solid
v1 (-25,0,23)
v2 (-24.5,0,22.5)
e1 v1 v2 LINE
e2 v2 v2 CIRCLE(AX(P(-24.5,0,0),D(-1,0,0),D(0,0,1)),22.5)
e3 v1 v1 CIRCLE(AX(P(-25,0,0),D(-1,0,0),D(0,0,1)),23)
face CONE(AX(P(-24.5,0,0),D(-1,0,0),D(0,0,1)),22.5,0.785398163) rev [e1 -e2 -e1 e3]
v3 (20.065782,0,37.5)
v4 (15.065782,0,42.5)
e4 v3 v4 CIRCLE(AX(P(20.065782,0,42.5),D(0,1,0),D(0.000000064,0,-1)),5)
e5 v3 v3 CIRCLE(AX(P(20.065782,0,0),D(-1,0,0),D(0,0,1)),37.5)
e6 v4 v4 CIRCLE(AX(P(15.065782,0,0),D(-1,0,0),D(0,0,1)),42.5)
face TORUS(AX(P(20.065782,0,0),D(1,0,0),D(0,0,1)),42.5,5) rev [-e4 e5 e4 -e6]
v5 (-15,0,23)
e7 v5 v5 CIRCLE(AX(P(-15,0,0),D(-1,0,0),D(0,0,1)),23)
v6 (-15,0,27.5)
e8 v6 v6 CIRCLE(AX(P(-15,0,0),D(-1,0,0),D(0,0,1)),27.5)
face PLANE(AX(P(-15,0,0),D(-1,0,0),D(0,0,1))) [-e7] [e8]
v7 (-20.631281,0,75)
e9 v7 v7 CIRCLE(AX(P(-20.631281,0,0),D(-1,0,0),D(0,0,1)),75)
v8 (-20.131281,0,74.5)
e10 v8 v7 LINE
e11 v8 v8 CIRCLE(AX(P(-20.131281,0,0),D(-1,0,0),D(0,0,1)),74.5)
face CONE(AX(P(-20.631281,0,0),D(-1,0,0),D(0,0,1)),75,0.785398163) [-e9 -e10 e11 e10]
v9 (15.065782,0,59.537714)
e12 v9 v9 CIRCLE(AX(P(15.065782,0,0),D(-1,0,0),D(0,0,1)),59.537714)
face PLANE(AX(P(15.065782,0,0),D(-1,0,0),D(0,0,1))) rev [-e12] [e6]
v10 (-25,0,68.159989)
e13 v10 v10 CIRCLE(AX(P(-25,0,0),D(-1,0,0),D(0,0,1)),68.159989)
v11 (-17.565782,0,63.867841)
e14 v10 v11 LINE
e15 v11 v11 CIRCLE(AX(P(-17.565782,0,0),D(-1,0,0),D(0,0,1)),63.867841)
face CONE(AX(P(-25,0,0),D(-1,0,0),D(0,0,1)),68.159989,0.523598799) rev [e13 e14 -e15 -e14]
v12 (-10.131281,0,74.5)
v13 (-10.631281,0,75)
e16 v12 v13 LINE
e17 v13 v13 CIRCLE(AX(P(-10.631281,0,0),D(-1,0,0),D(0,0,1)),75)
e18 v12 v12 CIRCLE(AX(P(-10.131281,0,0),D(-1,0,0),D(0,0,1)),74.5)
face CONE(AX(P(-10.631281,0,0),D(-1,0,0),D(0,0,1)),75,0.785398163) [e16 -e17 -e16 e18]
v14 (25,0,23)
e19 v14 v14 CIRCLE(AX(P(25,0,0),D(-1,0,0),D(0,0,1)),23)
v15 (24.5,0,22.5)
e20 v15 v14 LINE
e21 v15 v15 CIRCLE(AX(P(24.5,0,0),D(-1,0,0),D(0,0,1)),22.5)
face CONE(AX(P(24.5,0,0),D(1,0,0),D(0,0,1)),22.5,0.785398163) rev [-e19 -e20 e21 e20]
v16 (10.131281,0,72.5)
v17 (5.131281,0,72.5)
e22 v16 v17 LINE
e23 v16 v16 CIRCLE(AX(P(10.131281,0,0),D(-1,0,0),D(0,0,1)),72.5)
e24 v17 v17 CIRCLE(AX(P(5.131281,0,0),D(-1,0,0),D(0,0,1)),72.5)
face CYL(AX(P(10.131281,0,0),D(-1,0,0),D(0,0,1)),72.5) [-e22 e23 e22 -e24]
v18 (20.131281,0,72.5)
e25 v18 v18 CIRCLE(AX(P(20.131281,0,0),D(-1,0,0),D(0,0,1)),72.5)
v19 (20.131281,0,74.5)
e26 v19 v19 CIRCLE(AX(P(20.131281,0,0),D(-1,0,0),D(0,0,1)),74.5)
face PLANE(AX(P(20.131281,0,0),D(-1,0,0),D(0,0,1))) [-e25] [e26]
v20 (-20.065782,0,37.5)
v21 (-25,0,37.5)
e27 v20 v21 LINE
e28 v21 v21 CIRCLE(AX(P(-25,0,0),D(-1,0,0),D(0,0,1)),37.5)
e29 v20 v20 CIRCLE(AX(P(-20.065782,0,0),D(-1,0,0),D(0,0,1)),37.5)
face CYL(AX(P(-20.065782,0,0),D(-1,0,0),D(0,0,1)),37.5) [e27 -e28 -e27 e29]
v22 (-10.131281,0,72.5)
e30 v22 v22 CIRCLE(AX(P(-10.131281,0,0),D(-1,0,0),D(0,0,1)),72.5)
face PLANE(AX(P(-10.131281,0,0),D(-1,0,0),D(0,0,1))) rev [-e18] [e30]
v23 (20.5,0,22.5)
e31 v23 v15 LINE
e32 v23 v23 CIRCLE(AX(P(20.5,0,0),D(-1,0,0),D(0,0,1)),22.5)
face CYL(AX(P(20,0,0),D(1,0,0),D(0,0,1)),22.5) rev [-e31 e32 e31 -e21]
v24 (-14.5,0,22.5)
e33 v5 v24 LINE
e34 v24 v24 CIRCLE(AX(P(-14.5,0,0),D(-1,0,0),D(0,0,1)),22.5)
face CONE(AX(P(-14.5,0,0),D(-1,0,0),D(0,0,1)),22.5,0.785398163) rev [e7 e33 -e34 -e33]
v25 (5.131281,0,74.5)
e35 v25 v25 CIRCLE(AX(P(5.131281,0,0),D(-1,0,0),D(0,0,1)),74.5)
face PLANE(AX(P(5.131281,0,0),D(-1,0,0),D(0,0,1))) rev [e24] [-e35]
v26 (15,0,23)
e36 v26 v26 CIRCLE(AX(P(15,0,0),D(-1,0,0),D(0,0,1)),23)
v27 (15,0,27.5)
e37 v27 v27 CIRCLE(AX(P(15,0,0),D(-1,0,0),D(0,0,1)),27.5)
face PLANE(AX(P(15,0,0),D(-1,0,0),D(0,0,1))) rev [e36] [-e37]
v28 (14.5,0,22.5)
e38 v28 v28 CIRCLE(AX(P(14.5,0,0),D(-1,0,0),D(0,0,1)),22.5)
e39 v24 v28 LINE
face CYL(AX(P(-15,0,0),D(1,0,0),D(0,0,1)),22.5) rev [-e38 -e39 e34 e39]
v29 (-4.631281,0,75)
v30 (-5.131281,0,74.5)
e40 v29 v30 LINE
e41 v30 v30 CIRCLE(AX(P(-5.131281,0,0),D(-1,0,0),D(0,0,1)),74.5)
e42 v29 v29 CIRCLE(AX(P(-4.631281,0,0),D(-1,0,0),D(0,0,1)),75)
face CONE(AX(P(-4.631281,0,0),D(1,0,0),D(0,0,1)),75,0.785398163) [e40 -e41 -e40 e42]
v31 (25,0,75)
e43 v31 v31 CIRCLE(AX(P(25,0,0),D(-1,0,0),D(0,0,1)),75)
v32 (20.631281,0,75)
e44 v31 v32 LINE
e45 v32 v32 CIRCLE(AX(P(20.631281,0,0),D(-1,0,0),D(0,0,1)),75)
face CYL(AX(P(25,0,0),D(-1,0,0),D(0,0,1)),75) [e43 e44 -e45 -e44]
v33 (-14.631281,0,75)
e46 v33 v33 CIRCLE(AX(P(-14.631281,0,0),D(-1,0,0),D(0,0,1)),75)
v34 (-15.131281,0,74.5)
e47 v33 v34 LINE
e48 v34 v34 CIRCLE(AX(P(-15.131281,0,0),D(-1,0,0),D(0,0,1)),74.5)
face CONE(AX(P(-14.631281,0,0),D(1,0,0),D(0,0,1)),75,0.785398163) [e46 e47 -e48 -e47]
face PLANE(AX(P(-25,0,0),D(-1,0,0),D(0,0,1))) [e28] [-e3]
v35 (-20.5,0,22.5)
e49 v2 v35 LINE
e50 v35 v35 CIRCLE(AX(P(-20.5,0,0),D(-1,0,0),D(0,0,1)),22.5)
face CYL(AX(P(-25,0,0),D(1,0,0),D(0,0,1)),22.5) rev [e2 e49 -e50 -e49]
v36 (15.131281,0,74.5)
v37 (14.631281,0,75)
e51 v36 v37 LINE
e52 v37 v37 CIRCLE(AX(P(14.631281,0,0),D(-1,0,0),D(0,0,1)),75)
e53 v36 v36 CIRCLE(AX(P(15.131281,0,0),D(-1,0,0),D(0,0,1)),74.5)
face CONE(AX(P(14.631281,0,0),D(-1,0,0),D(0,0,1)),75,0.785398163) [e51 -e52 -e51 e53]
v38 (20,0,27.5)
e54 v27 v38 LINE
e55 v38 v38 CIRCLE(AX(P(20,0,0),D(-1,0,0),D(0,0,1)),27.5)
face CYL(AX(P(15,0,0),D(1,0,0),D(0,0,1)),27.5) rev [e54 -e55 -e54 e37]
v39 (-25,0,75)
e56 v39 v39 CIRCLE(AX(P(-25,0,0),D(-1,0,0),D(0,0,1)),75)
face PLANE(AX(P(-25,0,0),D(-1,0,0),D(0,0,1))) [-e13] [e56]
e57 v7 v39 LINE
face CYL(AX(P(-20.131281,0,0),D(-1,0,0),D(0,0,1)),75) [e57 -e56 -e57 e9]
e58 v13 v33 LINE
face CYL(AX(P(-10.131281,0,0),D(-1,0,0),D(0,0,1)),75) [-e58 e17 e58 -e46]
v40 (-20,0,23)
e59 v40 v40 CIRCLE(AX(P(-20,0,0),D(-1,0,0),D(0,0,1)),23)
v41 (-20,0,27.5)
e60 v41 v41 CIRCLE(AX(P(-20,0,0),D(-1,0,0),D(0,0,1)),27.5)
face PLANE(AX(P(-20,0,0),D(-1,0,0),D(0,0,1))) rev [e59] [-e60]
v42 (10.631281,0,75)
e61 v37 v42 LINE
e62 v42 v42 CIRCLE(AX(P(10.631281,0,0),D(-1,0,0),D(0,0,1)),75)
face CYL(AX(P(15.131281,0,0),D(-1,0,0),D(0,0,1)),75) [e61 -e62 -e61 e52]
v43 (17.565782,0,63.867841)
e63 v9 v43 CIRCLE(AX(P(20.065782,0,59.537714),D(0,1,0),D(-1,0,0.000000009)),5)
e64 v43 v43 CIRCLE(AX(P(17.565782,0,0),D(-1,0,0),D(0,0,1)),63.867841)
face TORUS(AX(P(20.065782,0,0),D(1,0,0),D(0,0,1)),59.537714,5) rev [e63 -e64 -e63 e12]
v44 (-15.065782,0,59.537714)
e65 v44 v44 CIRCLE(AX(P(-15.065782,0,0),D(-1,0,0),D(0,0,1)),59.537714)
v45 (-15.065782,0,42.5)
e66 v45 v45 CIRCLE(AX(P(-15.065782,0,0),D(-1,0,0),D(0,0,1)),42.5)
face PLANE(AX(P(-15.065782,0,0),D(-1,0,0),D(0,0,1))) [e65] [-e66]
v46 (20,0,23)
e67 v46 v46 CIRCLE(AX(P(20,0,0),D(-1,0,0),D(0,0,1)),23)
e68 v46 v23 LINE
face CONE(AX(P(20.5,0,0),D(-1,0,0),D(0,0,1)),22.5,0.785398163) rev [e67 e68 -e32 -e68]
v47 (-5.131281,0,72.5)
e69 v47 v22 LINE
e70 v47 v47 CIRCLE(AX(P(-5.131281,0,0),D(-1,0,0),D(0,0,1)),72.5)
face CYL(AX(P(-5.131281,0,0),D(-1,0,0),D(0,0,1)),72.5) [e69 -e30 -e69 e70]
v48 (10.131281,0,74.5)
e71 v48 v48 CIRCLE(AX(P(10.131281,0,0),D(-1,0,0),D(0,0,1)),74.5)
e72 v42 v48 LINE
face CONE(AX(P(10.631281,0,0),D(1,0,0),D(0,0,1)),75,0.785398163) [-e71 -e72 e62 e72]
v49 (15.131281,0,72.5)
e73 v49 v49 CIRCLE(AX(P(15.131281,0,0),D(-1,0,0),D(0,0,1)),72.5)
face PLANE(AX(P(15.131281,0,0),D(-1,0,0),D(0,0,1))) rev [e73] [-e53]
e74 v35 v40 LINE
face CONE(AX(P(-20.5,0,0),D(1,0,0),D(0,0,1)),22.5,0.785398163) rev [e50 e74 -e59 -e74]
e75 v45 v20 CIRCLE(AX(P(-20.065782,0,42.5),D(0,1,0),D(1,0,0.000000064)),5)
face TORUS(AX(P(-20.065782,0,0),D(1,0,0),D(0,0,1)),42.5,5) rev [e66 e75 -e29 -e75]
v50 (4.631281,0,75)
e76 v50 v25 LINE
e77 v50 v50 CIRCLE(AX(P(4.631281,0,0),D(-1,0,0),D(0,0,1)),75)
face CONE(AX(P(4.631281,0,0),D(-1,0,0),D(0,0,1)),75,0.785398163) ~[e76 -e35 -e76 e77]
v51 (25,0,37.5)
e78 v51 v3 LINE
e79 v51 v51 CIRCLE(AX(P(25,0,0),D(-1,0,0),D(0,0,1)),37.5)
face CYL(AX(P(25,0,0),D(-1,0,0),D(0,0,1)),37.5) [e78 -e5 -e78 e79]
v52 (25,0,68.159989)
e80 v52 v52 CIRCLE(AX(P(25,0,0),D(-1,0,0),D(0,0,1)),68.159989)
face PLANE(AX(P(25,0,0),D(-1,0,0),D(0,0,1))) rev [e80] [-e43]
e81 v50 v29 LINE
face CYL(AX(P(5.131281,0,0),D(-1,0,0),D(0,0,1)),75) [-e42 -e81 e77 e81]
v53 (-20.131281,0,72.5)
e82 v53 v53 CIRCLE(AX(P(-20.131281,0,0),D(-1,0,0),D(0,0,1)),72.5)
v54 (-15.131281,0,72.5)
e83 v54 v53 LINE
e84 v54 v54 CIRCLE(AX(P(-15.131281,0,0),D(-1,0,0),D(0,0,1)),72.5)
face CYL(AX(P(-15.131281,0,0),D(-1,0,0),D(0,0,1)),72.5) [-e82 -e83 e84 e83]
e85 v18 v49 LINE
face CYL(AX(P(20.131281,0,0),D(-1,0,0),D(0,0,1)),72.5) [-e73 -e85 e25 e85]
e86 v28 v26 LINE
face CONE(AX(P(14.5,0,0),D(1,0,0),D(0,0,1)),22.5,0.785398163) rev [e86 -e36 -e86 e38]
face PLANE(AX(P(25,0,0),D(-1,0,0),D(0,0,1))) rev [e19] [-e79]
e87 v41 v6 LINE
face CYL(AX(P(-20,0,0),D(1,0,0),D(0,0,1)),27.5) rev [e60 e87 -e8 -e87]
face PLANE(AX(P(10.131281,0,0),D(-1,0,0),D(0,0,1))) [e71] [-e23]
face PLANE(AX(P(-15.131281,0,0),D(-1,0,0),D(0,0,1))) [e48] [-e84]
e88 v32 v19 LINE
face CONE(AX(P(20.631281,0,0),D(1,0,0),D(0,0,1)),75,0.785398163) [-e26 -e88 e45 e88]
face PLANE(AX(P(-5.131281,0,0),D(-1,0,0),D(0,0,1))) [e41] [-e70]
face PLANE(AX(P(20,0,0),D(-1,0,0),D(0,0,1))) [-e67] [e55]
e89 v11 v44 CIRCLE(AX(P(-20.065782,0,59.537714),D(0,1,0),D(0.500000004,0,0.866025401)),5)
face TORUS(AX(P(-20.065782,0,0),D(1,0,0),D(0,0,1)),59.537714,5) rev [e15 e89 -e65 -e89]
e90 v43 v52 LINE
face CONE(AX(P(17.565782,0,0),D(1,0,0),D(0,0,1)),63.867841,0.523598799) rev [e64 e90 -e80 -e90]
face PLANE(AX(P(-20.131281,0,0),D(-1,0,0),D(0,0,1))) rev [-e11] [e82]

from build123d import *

# Parameters (mm, degrees)
F2_SIZE = 0.5


with BuildPart() as f1:
    # F0 (on Front) → F1 (revolve)
    with BuildSketch(Plane.XZ):
        with BuildLine():
            Line((5.131281, 75), (0, 75))
            Line((0, 75), (-5.131281, 75))
            Line((-5.131281, 75), (-5.131281, 72.5))
            Line((-5.131281, 72.5), (-10.131281, 72.5))
            Line((-10.131281, 72.5), (-10.131281, 75))
            Line((-10.131281, 75), (-15.131281, 75))
            Line((-15.131281, 75), (-15.131281, 72.5))
            Line((-15.131281, 72.5), (-20.131281, 72.5))
            Line((-20.131281, 72.5), (-20.131281, 75))
            Line((-20.131281, 75), (-25, 75))
            Line((-25, 75), (-25, 68.159989))
            Line((-25, 68.159989), (-17.565782, 63.867841))
            ThreePointArc((-17.565782, 63.867841), (-15.735655, 62.037714), (-15.065782, 59.537714))
            Line((-15.065782, 59.537714), (-15.065782, 42.5))
            ThreePointArc((-15.065782, 42.5), (-16.530248, 38.964466), (-20.065782, 37.5))
            Line((-20.065782, 37.5), (-25, 37.5))
            Line((-25, 37.5), (-25, 22.5))
            Line((-25, 22.5), (-20, 22.5))
            Line((-20, 22.5), (-20, 27.5))
            Line((-20, 27.5), (-15, 27.5))
            Line((-15, 27.5), (-15, 22.5))
            Line((-15, 22.5), (0, 22.5))
            Line((0, 22.5), (15, 22.5))
            Line((15, 22.5), (15, 27.5))
            Line((15, 27.5), (20, 27.5))
            Line((20, 27.5), (20, 22.5))
            Line((20, 22.5), (25, 22.5))
            Line((25, 22.5), (25, 37.5))
            Line((25, 37.5), (20.065782, 37.5))
            ThreePointArc((20.065782, 37.5), (16.530248, 38.964466), (15.065782, 42.5))
            Line((15.065782, 42.5), (15.065782, 59.537714))
            ThreePointArc((15.065782, 59.537714), (15.735655, 62.037714), (17.565782, 63.867841))
            Line((17.565782, 63.867841), (25, 68.159989))
            Line((25, 68.159989), (25, 75))
            Line((25, 75), (20.131281, 75))
            Line((20.131281, 75), (20.131281, 72.5))
            Line((20.131281, 72.5), (15.131281, 72.5))
            Line((15.131281, 72.5), (15.131281, 75))
            Line((15.131281, 75), (10.131281, 75))
            Line((10.131281, 75), (10.131281, 72.5))
            Line((10.131281, 72.5), (5.131281, 72.5))
            Line((5.131281, 72.5), (5.131281, 75))
        make_face()
    revolve(axis=Axis((-58.325773, 0, 0), (-1, 0, 0)))

    # F2
    f2_edges = [f1.edges().sort_by_distance(p)[0] for p in [
        (-15, 0, -22.5),
        (20, 0, -22.5),
        (15, 0, -22.5),
        (-20, 0, -22.5),
        (-25, 0, -22.5),
        (25, 0, -22.5),
        (15.131281, 0, -75),
        (5.131281, 0, -75),
        (-10.131281, 0, -75),
        (-20.131281, 0, -75),
        (-15.131281, 0, -75),
        (-5.131281, 0, -75),
        (10.131281, 0, -75),
        (20.131281, 0, -75),
    ]]
    chamfer(f2_edges, length=F2_SIZE)


solid = f1.part
